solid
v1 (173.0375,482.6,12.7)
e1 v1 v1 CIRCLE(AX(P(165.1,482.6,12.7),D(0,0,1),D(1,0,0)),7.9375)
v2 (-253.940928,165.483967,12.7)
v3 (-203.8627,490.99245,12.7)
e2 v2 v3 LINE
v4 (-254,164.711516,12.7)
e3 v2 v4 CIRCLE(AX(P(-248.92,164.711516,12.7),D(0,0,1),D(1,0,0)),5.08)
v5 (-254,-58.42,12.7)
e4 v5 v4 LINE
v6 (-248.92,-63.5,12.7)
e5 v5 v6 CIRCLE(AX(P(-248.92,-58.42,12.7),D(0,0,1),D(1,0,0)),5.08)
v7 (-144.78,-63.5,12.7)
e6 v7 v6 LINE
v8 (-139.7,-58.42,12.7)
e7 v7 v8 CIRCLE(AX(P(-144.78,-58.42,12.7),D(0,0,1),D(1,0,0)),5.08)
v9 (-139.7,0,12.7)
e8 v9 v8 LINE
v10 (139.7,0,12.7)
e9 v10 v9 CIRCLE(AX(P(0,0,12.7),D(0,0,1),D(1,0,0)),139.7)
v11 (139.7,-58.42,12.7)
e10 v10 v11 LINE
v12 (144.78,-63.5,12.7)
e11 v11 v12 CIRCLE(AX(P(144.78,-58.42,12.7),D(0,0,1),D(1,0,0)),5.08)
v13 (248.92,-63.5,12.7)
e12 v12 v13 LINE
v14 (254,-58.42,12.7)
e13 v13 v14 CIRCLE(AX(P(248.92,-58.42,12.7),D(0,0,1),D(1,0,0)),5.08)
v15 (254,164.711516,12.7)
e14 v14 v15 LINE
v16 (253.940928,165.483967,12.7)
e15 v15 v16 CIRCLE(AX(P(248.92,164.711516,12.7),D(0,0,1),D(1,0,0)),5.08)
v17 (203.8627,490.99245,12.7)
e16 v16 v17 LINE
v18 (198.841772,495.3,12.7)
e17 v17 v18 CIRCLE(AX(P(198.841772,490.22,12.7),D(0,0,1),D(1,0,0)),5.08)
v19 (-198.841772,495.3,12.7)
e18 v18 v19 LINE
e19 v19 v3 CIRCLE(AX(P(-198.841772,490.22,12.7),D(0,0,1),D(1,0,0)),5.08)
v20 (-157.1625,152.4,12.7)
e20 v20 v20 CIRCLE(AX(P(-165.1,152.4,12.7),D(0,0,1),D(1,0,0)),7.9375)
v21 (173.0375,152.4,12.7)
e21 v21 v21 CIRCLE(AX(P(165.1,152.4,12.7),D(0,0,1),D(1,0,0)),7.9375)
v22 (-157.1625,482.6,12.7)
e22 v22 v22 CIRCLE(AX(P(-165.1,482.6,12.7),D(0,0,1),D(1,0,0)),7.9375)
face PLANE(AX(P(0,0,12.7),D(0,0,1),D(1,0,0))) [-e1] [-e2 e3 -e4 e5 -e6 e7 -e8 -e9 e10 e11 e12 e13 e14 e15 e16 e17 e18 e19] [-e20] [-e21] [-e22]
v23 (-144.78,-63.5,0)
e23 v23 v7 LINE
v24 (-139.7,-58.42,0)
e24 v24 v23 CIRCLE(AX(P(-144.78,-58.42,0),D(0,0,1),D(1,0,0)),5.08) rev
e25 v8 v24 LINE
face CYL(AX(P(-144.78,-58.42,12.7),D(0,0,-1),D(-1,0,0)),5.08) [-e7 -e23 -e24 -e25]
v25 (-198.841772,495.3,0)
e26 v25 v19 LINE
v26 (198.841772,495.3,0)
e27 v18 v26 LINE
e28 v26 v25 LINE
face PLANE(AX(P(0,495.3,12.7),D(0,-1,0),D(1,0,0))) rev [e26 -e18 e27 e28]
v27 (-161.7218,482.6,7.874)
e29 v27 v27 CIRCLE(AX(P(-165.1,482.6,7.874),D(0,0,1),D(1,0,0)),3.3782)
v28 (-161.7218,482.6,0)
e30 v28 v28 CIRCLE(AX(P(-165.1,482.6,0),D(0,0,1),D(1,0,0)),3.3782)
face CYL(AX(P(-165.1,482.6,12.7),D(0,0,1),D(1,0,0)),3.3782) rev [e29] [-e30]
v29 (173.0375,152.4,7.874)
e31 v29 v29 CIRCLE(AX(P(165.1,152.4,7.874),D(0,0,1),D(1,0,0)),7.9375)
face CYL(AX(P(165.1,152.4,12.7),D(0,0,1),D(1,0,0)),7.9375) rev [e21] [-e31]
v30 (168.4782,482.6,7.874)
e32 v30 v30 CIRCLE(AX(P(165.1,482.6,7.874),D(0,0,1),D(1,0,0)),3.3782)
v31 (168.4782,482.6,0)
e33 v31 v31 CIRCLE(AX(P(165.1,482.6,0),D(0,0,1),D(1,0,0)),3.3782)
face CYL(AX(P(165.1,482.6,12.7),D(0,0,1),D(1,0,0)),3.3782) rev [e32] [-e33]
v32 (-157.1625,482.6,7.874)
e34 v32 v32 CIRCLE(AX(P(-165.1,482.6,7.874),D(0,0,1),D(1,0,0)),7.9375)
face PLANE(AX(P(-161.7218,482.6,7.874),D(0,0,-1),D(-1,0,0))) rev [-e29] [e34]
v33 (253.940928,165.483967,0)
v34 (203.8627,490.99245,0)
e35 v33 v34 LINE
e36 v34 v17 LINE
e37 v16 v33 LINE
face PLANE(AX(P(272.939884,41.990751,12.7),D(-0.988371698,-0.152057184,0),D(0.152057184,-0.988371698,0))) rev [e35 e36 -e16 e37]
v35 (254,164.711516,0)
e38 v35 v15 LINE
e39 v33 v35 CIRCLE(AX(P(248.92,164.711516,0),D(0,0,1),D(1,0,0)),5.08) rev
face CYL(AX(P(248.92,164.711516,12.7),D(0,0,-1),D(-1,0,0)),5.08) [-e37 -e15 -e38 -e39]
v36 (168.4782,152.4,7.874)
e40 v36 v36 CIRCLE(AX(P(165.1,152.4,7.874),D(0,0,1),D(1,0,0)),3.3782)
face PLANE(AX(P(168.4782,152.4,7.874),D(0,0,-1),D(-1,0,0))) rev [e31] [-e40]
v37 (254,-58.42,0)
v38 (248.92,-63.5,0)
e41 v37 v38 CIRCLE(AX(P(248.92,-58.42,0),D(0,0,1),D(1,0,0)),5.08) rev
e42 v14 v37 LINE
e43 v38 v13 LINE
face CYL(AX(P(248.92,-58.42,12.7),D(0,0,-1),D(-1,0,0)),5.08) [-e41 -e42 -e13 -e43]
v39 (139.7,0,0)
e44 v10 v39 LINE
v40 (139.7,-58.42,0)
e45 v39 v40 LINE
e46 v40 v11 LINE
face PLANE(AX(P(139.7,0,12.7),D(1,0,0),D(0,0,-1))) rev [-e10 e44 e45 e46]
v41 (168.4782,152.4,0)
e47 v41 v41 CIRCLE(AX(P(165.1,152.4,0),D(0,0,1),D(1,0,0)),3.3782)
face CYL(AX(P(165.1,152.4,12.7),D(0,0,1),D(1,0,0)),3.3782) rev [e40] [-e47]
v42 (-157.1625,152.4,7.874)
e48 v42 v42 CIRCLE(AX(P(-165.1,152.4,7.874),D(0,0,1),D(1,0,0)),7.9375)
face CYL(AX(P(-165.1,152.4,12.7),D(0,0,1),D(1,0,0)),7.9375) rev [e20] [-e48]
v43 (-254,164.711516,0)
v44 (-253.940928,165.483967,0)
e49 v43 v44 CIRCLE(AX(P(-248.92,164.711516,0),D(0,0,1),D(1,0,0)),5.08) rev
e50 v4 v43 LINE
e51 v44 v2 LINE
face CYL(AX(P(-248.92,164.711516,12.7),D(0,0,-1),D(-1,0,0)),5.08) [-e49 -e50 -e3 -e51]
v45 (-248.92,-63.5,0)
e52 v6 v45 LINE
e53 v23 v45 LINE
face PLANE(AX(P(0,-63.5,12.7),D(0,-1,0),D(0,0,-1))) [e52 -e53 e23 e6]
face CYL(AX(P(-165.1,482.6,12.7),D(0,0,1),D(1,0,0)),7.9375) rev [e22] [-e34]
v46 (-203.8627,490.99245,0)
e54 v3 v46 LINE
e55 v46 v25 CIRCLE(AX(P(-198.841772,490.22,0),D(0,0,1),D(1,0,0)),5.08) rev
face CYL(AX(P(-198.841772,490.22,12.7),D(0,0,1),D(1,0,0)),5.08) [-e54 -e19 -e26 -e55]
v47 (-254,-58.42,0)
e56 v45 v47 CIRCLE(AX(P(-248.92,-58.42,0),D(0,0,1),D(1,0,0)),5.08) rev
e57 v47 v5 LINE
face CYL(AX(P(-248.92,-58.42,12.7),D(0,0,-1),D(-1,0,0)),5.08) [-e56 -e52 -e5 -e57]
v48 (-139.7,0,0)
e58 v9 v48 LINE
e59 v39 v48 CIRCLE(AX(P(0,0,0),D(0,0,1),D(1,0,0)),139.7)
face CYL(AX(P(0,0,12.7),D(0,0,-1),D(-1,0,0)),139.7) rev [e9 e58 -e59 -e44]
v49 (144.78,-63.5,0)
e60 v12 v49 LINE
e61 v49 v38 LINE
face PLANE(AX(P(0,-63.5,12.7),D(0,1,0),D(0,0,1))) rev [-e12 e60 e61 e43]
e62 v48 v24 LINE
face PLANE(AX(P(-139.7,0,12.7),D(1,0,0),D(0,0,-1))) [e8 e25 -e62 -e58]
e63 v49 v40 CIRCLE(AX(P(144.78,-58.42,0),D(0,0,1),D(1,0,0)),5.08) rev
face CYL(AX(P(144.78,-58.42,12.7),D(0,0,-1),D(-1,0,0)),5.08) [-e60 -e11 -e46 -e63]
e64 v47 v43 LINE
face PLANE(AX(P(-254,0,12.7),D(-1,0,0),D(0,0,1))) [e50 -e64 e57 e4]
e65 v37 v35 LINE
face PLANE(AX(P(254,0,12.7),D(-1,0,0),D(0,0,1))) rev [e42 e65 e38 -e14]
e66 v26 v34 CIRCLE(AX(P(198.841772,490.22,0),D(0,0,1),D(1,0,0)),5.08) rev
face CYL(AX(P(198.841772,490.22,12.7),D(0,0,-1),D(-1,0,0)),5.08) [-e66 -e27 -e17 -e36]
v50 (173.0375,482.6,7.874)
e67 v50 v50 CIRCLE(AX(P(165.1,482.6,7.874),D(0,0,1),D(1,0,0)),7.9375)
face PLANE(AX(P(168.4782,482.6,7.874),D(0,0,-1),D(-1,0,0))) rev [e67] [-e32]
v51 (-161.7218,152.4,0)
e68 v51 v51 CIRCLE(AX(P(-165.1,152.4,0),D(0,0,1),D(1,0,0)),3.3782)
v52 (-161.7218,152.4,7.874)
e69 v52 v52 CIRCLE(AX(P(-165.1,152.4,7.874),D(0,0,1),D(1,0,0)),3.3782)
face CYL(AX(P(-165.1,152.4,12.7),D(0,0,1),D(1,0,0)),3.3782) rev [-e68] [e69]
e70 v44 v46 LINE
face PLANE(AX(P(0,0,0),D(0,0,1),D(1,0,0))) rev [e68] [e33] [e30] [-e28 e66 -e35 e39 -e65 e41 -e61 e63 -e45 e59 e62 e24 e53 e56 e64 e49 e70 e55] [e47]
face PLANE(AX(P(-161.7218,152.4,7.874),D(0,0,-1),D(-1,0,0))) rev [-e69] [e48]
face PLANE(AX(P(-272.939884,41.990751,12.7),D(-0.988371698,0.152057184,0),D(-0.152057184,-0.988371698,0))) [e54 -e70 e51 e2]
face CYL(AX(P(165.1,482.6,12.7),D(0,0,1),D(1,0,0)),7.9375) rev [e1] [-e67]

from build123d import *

# Parameters (mm, degrees)
SKETCH1_W                                    = 114.3
SKETCH1_H                                    = 63.5
BOSS_EXTRUDE3_DEPTH                          = 12.7
FILLET1_R                                    = 5.08
CBORE_FOR_1_4_HEX_MACHINE_SCREW1_D           = 6.7564
CBORE_FOR_1_4_HEX_MACHINE_SCREW1_CBORE_D     = 15.875
CBORE_FOR_1_4_HEX_MACHINE_SCREW1_CBORE_DEPTH = 4.826


with BuildPart() as part:
    # Sketch1 → Boss-Extrude3 (new body)
    with BuildSketch(Plane.XY):
        with BuildLine():
            ThreePointArc((-139.7, 0), (-98.782817332, 98.782817332), (0, 139.7))
            Line((0, 139.7), (0, 495.3))
            Line((0, 495.3), (-203.2, 495.3))
            Line((-203.2, 495.3), (-254, 165.1))
            Line((-254, 165.1), (-254, 0))
            Line((-254, 0), (-139.7, 0))
        make_face()
        with Locations((-196.85, -31.75)):
            Rectangle(SKETCH1_W, SKETCH1_H)
        with BuildLine():
            ThreePointArc((0, 139.7), (98.782817332, 98.782817332), (139.7, 0))
            Line((139.7, 0), (254, 0))
            Line((254, 0), (254, 165.1))
            Line((254, 165.1), (203.2, 495.3))
            Line((203.2, 495.3), (0, 495.3))
            Line((0, 495.3), (0, 139.7))
        make_face()
        with Locations((196.85, -31.75)):
            Rectangle(SKETCH1_W, SKETCH1_H)
    extrude(amount=BOSS_EXTRUDE3_DEPTH)

    # Fillet1
    fillet1_edges = [part.edges().sort_by_distance(p)[0] for p in [
        (-139.7, -63.5, 6.35),
        (-254, -63.5, 6.35),
        (-254, 165.1, 6.35),
        (-203.2, 495.3, 6.35),
        (203.2, 495.3, 6.35),
        (254, 165.1, 6.35),
        (254, -63.5, 6.35),
        (139.7, -63.5, 6.35),
    ]]
    fillet(fillet1_edges, radius=FILLET1_R)

    # CBORE for 1/4 Hex Machine Screw1 (through all)
    with Locations(Plane.XY.offset(12.7)):
        with Locations((165.1, 482.6), (165.1, 152.4), (-165.1, 152.4), (-165.1, 482.6)):
            CounterBoreHole(CBORE_FOR_1_4_HEX_MACHINE_SCREW1_D / 2, CBORE_FOR_1_4_HEX_MACHINE_SCREW1_CBORE_D / 2, CBORE_FOR_1_4_HEX_MACHINE_SCREW1_CBORE_DEPTH)


solid = part.part
